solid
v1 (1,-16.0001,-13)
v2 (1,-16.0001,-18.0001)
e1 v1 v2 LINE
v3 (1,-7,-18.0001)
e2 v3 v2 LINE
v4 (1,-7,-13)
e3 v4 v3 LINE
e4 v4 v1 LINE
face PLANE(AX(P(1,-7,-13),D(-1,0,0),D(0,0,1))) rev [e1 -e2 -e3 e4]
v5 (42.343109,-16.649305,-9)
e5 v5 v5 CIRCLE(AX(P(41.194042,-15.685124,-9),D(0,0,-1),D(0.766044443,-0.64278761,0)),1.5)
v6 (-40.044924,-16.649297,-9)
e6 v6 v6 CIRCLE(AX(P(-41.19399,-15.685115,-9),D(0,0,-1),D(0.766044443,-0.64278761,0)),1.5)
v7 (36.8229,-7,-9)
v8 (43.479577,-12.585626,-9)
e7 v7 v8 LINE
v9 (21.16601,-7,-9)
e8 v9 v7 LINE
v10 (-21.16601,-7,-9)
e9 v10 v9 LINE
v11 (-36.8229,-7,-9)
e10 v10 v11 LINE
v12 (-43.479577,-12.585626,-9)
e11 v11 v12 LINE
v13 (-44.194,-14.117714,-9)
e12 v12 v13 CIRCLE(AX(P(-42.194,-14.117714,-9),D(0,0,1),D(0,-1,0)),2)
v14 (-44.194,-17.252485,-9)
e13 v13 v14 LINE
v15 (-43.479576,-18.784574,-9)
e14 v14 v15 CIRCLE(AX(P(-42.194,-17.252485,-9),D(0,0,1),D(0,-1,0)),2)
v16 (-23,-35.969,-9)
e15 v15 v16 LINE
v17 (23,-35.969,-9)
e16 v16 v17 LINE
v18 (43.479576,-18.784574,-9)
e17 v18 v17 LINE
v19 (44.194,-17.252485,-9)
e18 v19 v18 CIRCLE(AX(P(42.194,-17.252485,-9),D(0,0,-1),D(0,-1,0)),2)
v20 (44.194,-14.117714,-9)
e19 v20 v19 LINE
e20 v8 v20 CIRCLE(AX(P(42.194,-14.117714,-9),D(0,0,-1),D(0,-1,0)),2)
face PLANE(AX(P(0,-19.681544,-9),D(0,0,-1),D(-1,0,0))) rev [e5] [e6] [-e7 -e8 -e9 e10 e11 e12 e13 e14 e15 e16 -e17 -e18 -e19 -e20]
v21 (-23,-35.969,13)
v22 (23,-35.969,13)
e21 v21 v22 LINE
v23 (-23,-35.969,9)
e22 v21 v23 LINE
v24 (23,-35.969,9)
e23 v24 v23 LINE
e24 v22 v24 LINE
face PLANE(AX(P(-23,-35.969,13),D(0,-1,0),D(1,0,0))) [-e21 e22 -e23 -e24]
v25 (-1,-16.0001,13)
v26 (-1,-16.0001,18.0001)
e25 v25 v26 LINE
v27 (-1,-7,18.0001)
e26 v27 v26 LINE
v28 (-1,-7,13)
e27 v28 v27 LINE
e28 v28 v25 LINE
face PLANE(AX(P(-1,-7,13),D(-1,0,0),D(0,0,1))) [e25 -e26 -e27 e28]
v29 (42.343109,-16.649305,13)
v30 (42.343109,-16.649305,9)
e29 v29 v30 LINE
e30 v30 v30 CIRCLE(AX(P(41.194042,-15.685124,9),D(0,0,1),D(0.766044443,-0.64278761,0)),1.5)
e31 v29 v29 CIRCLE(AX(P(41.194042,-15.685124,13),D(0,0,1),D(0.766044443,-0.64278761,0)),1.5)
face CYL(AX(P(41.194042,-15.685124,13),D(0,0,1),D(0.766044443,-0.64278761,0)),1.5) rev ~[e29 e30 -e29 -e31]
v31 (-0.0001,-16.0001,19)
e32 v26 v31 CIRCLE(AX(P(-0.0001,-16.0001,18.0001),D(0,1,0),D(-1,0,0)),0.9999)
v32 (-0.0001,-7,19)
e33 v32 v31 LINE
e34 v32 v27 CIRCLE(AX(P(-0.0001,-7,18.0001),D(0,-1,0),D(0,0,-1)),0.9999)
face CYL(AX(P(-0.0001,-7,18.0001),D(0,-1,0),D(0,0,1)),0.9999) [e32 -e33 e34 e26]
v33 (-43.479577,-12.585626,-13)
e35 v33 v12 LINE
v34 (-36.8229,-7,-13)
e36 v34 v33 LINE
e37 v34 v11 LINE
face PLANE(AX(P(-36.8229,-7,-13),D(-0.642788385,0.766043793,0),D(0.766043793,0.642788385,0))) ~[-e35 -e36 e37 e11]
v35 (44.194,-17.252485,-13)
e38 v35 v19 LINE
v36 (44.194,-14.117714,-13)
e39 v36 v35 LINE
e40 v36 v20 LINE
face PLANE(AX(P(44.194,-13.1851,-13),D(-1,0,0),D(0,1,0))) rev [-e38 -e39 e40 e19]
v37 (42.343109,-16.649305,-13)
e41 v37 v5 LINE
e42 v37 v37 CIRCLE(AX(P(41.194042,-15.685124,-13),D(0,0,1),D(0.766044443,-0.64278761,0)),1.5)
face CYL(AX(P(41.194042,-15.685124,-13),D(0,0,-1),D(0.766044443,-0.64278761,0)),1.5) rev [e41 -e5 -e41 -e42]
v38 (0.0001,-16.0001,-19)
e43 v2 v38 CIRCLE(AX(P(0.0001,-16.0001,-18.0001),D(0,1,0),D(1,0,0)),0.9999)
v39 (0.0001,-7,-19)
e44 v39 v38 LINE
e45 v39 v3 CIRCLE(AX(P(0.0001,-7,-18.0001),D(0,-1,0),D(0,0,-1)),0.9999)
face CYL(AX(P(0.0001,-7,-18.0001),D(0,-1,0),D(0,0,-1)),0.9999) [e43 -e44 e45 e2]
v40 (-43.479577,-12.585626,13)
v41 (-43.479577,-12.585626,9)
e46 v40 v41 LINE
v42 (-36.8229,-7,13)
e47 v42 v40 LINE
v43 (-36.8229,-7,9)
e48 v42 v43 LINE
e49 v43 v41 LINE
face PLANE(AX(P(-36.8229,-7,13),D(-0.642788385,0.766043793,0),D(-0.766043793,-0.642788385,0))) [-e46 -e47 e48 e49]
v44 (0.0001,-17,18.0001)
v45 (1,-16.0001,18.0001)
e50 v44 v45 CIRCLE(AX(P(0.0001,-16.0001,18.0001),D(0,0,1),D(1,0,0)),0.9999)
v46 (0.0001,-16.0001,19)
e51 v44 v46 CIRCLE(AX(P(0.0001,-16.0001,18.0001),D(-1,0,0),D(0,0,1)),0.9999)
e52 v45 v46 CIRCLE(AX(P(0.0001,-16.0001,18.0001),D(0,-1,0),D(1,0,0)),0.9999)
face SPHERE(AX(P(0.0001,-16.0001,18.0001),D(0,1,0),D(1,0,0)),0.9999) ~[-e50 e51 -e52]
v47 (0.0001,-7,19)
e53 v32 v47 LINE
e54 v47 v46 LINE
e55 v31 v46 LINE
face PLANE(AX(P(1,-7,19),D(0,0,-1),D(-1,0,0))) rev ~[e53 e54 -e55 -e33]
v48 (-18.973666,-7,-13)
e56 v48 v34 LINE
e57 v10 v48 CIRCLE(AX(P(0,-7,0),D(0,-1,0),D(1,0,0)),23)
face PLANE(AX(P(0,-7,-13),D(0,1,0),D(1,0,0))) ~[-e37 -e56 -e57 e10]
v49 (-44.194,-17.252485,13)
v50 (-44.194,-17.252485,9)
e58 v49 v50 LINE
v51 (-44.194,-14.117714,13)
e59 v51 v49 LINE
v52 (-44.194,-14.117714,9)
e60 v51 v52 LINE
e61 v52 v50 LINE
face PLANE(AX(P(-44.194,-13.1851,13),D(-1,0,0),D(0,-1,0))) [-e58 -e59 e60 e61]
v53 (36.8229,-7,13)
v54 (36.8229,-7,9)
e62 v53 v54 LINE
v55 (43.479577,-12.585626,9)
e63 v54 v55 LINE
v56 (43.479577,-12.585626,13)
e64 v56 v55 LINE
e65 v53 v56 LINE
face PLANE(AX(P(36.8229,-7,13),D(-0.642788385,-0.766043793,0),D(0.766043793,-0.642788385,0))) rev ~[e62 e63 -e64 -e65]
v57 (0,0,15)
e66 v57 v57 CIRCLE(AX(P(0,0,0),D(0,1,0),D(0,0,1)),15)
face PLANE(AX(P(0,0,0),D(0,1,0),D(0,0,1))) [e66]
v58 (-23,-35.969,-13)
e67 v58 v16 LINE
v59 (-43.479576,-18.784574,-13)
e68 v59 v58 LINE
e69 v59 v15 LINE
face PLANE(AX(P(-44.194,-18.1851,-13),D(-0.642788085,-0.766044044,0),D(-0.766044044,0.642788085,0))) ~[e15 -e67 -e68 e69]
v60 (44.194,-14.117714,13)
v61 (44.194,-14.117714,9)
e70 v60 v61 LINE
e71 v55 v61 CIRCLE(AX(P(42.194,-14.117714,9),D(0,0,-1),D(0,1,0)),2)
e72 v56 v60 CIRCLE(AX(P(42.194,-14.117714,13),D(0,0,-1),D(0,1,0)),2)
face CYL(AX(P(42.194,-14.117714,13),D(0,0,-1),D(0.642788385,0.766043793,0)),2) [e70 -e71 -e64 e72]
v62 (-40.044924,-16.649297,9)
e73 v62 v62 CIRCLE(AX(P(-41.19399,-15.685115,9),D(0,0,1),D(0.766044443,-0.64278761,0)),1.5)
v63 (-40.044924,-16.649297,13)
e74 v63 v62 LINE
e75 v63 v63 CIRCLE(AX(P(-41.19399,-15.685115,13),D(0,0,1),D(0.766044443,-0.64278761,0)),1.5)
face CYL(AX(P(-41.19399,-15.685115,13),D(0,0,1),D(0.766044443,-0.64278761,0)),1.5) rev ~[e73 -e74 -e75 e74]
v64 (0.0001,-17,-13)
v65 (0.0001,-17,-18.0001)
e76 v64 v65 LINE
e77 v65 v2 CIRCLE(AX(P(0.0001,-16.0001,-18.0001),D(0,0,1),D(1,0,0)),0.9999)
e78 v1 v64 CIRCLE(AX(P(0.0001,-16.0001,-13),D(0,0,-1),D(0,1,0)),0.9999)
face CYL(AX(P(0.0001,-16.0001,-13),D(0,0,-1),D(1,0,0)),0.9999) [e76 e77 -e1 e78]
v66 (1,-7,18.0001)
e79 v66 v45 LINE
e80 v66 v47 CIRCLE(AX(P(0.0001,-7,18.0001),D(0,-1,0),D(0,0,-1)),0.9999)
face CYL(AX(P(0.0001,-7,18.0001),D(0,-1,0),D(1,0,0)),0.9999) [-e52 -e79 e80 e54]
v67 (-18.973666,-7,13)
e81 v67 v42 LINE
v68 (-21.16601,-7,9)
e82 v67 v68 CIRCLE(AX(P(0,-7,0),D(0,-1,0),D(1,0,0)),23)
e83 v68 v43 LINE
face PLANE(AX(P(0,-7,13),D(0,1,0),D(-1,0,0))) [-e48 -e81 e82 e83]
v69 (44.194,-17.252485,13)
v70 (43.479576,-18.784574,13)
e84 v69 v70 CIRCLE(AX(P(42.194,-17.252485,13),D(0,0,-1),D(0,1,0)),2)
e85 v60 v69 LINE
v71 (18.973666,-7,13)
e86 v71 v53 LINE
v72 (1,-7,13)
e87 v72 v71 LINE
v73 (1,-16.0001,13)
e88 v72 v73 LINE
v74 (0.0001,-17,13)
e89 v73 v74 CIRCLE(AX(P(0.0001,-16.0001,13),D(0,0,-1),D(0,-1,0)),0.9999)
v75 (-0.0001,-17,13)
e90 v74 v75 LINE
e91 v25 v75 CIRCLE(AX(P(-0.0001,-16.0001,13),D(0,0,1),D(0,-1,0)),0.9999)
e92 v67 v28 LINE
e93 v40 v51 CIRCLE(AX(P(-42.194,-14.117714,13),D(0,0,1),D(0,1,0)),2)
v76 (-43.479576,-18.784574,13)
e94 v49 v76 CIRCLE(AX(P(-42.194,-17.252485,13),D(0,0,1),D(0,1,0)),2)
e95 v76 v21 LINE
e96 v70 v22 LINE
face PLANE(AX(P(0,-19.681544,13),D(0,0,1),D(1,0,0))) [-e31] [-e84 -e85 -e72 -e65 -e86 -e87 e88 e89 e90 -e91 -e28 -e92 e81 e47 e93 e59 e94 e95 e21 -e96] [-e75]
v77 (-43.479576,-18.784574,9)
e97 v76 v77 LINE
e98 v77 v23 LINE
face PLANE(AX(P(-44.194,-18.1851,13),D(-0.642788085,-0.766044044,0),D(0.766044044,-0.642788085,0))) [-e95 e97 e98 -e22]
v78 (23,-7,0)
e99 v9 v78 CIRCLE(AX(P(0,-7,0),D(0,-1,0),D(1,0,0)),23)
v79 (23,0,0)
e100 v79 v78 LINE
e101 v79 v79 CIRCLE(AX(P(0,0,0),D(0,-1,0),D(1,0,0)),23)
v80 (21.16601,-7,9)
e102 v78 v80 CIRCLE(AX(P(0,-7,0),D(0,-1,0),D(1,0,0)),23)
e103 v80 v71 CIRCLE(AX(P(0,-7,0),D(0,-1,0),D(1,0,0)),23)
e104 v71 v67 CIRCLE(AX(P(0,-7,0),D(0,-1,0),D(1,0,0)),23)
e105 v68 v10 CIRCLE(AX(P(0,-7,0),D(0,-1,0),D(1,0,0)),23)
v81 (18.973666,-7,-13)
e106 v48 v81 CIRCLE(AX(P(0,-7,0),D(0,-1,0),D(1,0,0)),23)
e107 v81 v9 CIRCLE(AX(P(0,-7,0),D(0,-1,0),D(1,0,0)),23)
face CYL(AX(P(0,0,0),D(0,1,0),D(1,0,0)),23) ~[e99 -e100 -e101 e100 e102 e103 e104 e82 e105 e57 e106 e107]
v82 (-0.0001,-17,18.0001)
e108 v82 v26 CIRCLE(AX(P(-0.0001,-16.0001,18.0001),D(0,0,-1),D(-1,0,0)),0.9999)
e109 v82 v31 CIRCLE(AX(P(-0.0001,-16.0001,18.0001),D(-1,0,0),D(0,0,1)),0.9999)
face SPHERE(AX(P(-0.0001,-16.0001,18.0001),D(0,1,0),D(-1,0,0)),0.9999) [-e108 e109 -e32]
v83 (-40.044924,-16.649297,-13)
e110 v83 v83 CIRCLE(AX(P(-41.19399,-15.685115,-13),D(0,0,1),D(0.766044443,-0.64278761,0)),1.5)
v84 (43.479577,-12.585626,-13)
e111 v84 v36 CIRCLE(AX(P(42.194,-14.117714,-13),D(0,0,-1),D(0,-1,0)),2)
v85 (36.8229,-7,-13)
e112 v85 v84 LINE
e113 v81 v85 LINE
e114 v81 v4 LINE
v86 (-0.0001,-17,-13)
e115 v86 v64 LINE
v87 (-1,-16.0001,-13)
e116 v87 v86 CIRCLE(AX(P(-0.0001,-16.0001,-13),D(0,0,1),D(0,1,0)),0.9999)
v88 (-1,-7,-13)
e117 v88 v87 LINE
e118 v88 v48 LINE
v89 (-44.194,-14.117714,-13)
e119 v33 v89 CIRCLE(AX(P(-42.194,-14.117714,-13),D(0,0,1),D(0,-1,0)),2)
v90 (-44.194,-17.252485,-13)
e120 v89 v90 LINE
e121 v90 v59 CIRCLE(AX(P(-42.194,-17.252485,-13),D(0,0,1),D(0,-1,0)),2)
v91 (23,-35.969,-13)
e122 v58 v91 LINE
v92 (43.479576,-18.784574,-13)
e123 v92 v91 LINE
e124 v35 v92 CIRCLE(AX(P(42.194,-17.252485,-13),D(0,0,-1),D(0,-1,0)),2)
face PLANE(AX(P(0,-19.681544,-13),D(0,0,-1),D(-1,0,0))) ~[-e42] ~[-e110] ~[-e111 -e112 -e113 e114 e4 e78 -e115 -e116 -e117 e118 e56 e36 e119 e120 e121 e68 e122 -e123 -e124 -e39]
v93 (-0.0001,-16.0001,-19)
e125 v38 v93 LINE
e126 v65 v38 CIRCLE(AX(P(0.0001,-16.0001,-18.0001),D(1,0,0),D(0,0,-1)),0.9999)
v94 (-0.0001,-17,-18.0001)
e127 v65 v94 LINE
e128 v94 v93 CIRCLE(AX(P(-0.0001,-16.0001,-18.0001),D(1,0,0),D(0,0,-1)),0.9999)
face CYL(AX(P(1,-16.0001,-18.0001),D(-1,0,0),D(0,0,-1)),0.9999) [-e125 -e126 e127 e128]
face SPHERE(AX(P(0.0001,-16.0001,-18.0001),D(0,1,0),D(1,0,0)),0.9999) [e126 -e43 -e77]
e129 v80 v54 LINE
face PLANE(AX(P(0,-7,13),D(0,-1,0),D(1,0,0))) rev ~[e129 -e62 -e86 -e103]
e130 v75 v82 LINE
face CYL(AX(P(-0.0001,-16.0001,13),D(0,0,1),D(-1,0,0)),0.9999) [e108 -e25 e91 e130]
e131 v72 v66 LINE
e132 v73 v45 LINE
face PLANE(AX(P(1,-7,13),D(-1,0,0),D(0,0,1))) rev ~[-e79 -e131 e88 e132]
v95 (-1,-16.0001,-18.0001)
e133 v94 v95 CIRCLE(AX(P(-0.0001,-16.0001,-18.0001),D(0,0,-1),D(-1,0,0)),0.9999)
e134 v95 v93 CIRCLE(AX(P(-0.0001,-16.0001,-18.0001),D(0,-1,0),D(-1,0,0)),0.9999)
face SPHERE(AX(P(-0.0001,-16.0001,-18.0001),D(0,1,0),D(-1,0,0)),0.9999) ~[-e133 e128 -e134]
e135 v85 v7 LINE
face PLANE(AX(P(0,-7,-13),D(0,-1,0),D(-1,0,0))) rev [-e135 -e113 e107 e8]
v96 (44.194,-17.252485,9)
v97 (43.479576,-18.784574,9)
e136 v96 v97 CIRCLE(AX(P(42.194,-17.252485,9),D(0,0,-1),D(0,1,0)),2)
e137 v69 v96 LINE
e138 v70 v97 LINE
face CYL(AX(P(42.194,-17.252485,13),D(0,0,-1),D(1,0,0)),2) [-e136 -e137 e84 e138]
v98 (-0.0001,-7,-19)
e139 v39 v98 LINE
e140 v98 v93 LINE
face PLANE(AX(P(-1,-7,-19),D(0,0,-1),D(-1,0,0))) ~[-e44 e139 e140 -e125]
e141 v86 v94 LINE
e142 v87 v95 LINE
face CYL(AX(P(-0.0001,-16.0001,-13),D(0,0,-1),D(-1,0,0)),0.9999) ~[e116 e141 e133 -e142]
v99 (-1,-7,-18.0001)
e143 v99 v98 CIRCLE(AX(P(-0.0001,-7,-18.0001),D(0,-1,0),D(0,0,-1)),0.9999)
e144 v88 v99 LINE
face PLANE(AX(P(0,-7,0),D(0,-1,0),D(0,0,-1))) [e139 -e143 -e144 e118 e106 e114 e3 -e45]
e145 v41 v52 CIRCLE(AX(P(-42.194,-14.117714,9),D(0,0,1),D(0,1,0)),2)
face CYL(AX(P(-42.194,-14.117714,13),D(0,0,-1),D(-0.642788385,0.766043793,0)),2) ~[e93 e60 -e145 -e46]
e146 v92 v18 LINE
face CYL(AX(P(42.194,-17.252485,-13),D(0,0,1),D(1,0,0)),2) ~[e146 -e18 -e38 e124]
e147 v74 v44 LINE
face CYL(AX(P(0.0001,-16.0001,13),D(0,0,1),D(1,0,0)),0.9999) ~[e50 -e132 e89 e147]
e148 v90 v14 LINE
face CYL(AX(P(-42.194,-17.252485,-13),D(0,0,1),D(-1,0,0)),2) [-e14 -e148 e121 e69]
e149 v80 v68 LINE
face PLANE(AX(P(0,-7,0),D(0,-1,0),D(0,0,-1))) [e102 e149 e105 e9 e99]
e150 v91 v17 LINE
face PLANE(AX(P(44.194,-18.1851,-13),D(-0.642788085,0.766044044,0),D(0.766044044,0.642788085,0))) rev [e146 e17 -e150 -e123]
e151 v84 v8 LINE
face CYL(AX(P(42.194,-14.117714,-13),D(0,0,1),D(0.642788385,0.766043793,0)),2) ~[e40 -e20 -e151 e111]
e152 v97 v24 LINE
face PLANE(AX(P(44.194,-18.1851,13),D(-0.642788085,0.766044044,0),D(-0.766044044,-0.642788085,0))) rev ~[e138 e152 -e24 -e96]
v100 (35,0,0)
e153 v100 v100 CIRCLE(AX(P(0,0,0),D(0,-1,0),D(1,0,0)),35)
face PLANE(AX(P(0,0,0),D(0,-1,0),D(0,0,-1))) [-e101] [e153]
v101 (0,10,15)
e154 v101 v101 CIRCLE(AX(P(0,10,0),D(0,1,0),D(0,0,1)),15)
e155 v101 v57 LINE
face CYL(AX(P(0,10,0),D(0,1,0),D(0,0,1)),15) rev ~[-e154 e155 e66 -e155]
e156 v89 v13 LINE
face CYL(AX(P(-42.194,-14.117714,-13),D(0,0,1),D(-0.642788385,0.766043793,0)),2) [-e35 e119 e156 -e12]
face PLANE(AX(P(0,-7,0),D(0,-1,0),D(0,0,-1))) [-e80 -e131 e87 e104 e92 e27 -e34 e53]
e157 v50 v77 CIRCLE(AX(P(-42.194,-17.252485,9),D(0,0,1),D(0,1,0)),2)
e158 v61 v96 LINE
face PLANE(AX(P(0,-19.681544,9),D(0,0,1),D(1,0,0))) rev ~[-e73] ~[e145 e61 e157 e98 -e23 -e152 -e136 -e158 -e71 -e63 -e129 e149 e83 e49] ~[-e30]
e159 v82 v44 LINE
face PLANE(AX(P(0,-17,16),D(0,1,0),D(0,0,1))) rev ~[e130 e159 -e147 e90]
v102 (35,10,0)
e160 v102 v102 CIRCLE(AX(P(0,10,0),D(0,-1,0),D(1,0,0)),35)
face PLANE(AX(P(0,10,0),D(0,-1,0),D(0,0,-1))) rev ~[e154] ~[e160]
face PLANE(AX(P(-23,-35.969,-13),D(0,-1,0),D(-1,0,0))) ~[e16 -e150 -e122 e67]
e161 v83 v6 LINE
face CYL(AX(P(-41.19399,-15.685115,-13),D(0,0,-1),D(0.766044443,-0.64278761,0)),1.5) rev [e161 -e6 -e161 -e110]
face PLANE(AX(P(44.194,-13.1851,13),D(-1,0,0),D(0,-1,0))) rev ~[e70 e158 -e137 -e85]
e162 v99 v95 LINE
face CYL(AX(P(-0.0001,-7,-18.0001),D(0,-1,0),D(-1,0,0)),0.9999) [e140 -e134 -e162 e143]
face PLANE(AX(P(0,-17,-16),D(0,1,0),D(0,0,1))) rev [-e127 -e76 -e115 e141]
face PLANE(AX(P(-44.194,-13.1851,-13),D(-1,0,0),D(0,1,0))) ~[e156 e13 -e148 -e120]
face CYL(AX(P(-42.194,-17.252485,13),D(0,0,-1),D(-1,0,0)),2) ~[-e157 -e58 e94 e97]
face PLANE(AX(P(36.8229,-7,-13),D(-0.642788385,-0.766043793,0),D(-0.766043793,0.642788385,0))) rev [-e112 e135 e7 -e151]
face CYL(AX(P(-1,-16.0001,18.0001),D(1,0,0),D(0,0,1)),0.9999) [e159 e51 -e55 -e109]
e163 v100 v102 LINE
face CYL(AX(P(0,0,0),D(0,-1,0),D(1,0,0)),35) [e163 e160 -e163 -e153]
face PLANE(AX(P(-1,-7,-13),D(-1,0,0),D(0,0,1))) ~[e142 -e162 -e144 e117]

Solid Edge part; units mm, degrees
sketch "Sketch1" plane through (0, 0, 0) normal (0, -1, 0) x (1, 0, 0)
  circle A0 centre (0, 0) radius 35
  dimension "D1" = 70
extrude "Protrusion1" add sketch "Sketch1" against normal blind 10
sketch "Sketch2" plane through (0, 0, 0) normal (0, -1, 0) x (1, 0, 0)
  circle A0 centre (0, 0) radius 23
extrude "ExtrudedProtrusion_2" add sketch "Sketch2" along normal blind 7
sketch "Sketch3" plane through (0, 0, 13) normal (0, 0, 1) x (1, 0, 0)
  line L0 (0, -7) -> (-36.8229, -7)
  line L1 (-36.8229, -7) -> (-44.194, -13.1851)
  line L2 (-44.194, -13.1851) -> (-44.194, -18.1851)
  line L3 (-44.194, -18.1851) -> (-23, -35.969)
  line L4 (-23, -35.969) -> (0, -35.969)
  line L5 (23, -35.969) -> (0, -35.969)
  line L6 (44.194, -18.1851) -> (23, -35.969)
  line L7 (44.194, -13.1851) -> (44.194, -18.1851)
  line L8 (36.8229, -7) -> (44.194, -13.1851)
  line L9 (0, -7) -> (36.8229, -7)
  dimension "D1" = 5
  dimension "D2" = 44.194
extrude "ExtrudedProtrusion_3" add sketch "Sketch3" against normal blind 4
sketch "Sketch4" plane through (0, -21.4845, 13) normal (0, 0, 1) x (0.766, -0.6428, 0)
  circle A0 centre (-35.2842, -22.0364) radius 1.5
  circle A1 centre (27.8287, 30.9216) radius 1.5
extrude "ExtrudedCutout_1" cut sketch "Sketch4" against normal blind 33.266
fillet "Round_1" radius 2 4 edges at (-44.194, -13.1851, 11) (-44.194, -18.1851, 11) (44.194, -18.1851, 11) (44.194, -13.1851, 11)
mirror "Mirror1" about plane through (0, 0, 0) normal (0, 0, 1) of "ExtrudedProtrusion_3", "ExtrudedCutout_1"
fillet "Round1" radius 2 4 edges at (-44.194, -13.1851, -11) (-44.194, -18.1851, -11) (44.194, -18.1851, -11) (44.194, -13.1851, -11)
sketch "Sketch5" plane through (0, -7, 18) normal (0, -1, 0) x (1, 0, 0)
  line L0 (0, -5) -> (-1, -5)
  line L1 (-1, -5) -> (-1, 1)
  line L2 (-1, 1) -> (0, 1)
  line L3 (1, 1) -> (0, 1)
  line L4 (1, -5) -> (1, 1)
  line L5 (0, -5) -> (1, -5)
extrude "ExtrudedProtrusion_5" add sketch "Sketch5" along normal blind 10
fillet "Round_3" radius 1 5 edges at (-1, -12, 19) (1, -12, 19) (1, -17, 16) (-1, -17, 16) (0, -17, 19)
mirror "Mirror2" about plane through (0, 0, 0) normal (0, 0, 1) of "ExtrudedProtrusion_5"
fillet "Round2" radius 1 5 edges at (-1, -12, -19) (1, -12, -19) (1, -17, -16) (-1, -17, -16) (0, -17, -19)
sketch "Sketch6" plane through (0, 10, 0) normal (0, 1, 0) x (0, 0, 1)
  circle A0 centre (0, 0) radius 15
extrude "ExtrudedCutout_3" cut sketch "Sketch6" against normal blind 10
